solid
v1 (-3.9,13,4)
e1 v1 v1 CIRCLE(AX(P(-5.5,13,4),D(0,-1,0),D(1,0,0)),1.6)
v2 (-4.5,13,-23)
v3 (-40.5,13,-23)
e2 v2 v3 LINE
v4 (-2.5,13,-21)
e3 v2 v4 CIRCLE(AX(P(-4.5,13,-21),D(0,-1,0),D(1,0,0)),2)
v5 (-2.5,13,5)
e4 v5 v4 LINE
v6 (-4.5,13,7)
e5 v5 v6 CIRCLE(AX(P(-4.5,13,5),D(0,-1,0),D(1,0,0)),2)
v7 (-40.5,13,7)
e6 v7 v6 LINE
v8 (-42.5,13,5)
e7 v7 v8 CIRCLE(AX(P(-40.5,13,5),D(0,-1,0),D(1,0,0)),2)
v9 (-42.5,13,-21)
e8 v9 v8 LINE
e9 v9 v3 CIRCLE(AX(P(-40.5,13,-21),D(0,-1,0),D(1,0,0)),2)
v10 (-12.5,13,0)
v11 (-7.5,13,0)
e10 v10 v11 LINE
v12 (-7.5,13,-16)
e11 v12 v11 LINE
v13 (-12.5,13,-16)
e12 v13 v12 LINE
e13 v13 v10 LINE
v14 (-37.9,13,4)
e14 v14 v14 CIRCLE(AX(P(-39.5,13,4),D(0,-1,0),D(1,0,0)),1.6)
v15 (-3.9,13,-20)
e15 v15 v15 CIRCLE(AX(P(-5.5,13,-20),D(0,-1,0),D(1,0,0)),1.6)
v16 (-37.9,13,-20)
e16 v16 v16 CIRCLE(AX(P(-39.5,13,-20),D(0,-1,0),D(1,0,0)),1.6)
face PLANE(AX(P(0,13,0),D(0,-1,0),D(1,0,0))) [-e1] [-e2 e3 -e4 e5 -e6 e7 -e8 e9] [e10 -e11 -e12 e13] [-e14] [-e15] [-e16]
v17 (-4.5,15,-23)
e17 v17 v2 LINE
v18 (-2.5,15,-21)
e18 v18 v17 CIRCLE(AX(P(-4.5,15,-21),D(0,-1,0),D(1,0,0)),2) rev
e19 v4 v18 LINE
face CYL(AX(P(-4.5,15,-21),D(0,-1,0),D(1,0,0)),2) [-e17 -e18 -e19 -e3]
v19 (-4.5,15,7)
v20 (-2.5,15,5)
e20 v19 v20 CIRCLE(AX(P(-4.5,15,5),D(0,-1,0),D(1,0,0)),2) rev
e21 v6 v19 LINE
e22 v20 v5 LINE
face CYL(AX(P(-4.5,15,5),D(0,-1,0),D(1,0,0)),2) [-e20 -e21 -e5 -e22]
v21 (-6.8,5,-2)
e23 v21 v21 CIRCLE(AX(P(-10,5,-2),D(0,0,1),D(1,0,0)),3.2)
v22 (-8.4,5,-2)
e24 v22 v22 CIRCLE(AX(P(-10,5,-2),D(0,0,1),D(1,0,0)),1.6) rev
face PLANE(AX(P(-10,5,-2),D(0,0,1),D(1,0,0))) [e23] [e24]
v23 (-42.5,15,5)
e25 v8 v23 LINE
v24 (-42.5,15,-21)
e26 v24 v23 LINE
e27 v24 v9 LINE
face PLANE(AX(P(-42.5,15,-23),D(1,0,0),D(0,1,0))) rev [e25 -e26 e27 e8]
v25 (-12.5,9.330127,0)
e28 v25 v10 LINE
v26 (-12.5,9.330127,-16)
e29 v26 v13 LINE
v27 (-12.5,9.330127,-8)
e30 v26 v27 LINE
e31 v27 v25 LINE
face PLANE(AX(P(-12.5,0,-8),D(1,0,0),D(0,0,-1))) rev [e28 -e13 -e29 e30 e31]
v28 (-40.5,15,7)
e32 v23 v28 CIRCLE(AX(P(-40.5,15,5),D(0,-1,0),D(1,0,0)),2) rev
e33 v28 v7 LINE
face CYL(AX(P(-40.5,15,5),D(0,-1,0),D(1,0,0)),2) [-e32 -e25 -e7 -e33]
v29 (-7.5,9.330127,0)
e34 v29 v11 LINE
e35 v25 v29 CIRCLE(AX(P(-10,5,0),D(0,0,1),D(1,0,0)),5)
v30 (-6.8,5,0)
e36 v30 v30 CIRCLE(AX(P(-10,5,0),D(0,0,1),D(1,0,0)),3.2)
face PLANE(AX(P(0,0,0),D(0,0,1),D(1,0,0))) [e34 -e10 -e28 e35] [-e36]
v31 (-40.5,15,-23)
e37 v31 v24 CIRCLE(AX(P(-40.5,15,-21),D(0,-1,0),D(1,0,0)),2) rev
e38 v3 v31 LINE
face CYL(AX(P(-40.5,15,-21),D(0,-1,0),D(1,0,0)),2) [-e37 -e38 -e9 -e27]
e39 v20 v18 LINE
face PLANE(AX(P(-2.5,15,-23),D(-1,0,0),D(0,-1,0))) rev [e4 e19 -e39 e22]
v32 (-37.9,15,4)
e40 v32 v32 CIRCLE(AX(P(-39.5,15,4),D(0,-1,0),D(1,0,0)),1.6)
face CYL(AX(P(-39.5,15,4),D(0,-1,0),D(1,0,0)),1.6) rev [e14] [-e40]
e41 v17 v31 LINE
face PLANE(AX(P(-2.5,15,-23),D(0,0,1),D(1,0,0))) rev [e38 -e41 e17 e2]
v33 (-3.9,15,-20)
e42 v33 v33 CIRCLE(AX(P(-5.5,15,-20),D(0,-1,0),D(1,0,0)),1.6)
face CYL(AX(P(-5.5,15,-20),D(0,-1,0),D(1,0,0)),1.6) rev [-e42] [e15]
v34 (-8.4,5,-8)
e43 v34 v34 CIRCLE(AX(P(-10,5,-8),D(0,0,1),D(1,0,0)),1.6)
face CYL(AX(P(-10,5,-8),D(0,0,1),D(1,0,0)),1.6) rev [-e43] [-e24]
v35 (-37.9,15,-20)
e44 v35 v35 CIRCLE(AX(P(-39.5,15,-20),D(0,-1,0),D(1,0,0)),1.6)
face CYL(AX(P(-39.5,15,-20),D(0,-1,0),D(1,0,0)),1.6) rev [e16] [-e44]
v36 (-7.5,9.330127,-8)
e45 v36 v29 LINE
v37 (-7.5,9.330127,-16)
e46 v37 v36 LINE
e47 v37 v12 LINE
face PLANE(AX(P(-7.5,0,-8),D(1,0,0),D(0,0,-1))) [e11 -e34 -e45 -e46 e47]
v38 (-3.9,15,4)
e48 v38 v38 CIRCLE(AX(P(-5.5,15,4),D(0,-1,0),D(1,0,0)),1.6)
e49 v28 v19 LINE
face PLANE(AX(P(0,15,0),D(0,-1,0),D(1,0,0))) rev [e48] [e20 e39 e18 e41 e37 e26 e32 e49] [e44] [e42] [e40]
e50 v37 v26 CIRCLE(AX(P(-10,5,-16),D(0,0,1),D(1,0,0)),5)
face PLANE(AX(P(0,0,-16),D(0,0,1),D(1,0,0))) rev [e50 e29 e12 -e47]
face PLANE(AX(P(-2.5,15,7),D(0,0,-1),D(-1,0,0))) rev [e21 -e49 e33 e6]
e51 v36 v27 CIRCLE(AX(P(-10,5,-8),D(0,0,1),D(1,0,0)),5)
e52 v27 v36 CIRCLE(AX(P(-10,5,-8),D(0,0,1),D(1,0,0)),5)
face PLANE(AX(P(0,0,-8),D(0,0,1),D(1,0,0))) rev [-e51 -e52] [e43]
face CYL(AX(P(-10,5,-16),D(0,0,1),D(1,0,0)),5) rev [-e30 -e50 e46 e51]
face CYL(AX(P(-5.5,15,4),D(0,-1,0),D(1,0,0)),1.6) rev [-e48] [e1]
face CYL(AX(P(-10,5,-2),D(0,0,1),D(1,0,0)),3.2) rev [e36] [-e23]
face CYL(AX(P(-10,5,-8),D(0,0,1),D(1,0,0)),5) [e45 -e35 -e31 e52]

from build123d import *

# Parameters (mm, degrees)
SKETCH_1_R          = 1.6
EXTRUDE_1_DEPTH     = 8
SKETCH_2_R          = 3.2
CUT_EXTRUDE_1_DEPTH = 2
SKETCH_3_W          = 40
SKETCH_3_H          = 30
EXTRUDE_2_DEPTH     = 2
EXTRUDE_3_DEPTH     = 16
FILLET_1_R          = 2
SKETCH_4_R          = 1.6
CUT_EXTRUDE_3_DEPTH = 51.042481953


with BuildPart() as part:
    # Эскиз1 → Бобышка-Вытянуть1 (new body)
    with BuildSketch(Plane.XY):
        with BuildLine():
            ThreePointArc((-12.5, 9.330127019), (-10, 0), (-7.5, 9.330127019))
            Line((-7.5, 9.330127019), (-7.5, 13))
            Line((-7.5, 13), (-12.5, 13))
            Line((-12.5, 13), (-12.5, 9.330127019))
        make_face()
        with Locations((-10, 5)):
            Circle(SKETCH_1_R, mode=Mode.SUBTRACT)
    extrude(amount=-EXTRUDE_1_DEPTH)

    # Эскиз2 → Вырез-Вытянуть1 (cut)
    with BuildSketch(Plane.XY):
        with Locations((-10, 5)):
            Circle(SKETCH_2_R)
    extrude(amount=-CUT_EXTRUDE_1_DEPTH, mode=Mode.SUBTRACT)

    # Эскиз3 → Бобышка-Вытянуть2 (add)
    with BuildSketch(Plane(origin=(0, 13, 0), x_dir=(1, 0, 0), z_dir=(0, 1, 0))):
        with Locations((-22.5, 8)):
            Rectangle(SKETCH_3_W, SKETCH_3_H)
    extrude(amount=EXTRUDE_2_DEPTH)

    # Эскиз1<3> → Бобышка-Вытянуть3 (add)
    with BuildSketch(Plane.XY):
        with BuildLine():
            ThreePointArc((-12.5, 9.330127019), (-10, 10), (-7.5, 9.330127019))
            Line((-7.5, 9.330127019), (-7.5, 13))
            Line((-7.5, 13), (-12.5, 13))
            Line((-12.5, 13), (-12.5, 9.330127019))
        make_face()
    extrude(amount=-EXTRUDE_3_DEPTH)

    # Скругление1
    fillet_1_edges = [part.edges().sort_by_distance(p)[0] for p in [
        (-2.5, 14, -23),
        (-42.5, 14, -23),
        (-42.5, 14, 7),
        (-2.5, 14, 7),
    ]]
    fillet(fillet_1_edges, radius=FILLET_1_R)

    # Эскиз4 → Вырез-Вытянуть3 (cut, through all)
    with BuildSketch(Plane.XZ.offset(-13)):
        with Locations((-5.5, 4)):
            Circle(SKETCH_4_R)
        with Locations((-5.5, -20)):
            Circle(SKETCH_4_R)
        with Locations((-39.5, -20)):
            Circle(SKETCH_4_R)
        with Locations((-39.5, 4)):
            Circle(SKETCH_4_R)
    extrude(amount=-CUT_EXTRUDE_3_DEPTH, mode=Mode.SUBTRACT)


solid = part.part
